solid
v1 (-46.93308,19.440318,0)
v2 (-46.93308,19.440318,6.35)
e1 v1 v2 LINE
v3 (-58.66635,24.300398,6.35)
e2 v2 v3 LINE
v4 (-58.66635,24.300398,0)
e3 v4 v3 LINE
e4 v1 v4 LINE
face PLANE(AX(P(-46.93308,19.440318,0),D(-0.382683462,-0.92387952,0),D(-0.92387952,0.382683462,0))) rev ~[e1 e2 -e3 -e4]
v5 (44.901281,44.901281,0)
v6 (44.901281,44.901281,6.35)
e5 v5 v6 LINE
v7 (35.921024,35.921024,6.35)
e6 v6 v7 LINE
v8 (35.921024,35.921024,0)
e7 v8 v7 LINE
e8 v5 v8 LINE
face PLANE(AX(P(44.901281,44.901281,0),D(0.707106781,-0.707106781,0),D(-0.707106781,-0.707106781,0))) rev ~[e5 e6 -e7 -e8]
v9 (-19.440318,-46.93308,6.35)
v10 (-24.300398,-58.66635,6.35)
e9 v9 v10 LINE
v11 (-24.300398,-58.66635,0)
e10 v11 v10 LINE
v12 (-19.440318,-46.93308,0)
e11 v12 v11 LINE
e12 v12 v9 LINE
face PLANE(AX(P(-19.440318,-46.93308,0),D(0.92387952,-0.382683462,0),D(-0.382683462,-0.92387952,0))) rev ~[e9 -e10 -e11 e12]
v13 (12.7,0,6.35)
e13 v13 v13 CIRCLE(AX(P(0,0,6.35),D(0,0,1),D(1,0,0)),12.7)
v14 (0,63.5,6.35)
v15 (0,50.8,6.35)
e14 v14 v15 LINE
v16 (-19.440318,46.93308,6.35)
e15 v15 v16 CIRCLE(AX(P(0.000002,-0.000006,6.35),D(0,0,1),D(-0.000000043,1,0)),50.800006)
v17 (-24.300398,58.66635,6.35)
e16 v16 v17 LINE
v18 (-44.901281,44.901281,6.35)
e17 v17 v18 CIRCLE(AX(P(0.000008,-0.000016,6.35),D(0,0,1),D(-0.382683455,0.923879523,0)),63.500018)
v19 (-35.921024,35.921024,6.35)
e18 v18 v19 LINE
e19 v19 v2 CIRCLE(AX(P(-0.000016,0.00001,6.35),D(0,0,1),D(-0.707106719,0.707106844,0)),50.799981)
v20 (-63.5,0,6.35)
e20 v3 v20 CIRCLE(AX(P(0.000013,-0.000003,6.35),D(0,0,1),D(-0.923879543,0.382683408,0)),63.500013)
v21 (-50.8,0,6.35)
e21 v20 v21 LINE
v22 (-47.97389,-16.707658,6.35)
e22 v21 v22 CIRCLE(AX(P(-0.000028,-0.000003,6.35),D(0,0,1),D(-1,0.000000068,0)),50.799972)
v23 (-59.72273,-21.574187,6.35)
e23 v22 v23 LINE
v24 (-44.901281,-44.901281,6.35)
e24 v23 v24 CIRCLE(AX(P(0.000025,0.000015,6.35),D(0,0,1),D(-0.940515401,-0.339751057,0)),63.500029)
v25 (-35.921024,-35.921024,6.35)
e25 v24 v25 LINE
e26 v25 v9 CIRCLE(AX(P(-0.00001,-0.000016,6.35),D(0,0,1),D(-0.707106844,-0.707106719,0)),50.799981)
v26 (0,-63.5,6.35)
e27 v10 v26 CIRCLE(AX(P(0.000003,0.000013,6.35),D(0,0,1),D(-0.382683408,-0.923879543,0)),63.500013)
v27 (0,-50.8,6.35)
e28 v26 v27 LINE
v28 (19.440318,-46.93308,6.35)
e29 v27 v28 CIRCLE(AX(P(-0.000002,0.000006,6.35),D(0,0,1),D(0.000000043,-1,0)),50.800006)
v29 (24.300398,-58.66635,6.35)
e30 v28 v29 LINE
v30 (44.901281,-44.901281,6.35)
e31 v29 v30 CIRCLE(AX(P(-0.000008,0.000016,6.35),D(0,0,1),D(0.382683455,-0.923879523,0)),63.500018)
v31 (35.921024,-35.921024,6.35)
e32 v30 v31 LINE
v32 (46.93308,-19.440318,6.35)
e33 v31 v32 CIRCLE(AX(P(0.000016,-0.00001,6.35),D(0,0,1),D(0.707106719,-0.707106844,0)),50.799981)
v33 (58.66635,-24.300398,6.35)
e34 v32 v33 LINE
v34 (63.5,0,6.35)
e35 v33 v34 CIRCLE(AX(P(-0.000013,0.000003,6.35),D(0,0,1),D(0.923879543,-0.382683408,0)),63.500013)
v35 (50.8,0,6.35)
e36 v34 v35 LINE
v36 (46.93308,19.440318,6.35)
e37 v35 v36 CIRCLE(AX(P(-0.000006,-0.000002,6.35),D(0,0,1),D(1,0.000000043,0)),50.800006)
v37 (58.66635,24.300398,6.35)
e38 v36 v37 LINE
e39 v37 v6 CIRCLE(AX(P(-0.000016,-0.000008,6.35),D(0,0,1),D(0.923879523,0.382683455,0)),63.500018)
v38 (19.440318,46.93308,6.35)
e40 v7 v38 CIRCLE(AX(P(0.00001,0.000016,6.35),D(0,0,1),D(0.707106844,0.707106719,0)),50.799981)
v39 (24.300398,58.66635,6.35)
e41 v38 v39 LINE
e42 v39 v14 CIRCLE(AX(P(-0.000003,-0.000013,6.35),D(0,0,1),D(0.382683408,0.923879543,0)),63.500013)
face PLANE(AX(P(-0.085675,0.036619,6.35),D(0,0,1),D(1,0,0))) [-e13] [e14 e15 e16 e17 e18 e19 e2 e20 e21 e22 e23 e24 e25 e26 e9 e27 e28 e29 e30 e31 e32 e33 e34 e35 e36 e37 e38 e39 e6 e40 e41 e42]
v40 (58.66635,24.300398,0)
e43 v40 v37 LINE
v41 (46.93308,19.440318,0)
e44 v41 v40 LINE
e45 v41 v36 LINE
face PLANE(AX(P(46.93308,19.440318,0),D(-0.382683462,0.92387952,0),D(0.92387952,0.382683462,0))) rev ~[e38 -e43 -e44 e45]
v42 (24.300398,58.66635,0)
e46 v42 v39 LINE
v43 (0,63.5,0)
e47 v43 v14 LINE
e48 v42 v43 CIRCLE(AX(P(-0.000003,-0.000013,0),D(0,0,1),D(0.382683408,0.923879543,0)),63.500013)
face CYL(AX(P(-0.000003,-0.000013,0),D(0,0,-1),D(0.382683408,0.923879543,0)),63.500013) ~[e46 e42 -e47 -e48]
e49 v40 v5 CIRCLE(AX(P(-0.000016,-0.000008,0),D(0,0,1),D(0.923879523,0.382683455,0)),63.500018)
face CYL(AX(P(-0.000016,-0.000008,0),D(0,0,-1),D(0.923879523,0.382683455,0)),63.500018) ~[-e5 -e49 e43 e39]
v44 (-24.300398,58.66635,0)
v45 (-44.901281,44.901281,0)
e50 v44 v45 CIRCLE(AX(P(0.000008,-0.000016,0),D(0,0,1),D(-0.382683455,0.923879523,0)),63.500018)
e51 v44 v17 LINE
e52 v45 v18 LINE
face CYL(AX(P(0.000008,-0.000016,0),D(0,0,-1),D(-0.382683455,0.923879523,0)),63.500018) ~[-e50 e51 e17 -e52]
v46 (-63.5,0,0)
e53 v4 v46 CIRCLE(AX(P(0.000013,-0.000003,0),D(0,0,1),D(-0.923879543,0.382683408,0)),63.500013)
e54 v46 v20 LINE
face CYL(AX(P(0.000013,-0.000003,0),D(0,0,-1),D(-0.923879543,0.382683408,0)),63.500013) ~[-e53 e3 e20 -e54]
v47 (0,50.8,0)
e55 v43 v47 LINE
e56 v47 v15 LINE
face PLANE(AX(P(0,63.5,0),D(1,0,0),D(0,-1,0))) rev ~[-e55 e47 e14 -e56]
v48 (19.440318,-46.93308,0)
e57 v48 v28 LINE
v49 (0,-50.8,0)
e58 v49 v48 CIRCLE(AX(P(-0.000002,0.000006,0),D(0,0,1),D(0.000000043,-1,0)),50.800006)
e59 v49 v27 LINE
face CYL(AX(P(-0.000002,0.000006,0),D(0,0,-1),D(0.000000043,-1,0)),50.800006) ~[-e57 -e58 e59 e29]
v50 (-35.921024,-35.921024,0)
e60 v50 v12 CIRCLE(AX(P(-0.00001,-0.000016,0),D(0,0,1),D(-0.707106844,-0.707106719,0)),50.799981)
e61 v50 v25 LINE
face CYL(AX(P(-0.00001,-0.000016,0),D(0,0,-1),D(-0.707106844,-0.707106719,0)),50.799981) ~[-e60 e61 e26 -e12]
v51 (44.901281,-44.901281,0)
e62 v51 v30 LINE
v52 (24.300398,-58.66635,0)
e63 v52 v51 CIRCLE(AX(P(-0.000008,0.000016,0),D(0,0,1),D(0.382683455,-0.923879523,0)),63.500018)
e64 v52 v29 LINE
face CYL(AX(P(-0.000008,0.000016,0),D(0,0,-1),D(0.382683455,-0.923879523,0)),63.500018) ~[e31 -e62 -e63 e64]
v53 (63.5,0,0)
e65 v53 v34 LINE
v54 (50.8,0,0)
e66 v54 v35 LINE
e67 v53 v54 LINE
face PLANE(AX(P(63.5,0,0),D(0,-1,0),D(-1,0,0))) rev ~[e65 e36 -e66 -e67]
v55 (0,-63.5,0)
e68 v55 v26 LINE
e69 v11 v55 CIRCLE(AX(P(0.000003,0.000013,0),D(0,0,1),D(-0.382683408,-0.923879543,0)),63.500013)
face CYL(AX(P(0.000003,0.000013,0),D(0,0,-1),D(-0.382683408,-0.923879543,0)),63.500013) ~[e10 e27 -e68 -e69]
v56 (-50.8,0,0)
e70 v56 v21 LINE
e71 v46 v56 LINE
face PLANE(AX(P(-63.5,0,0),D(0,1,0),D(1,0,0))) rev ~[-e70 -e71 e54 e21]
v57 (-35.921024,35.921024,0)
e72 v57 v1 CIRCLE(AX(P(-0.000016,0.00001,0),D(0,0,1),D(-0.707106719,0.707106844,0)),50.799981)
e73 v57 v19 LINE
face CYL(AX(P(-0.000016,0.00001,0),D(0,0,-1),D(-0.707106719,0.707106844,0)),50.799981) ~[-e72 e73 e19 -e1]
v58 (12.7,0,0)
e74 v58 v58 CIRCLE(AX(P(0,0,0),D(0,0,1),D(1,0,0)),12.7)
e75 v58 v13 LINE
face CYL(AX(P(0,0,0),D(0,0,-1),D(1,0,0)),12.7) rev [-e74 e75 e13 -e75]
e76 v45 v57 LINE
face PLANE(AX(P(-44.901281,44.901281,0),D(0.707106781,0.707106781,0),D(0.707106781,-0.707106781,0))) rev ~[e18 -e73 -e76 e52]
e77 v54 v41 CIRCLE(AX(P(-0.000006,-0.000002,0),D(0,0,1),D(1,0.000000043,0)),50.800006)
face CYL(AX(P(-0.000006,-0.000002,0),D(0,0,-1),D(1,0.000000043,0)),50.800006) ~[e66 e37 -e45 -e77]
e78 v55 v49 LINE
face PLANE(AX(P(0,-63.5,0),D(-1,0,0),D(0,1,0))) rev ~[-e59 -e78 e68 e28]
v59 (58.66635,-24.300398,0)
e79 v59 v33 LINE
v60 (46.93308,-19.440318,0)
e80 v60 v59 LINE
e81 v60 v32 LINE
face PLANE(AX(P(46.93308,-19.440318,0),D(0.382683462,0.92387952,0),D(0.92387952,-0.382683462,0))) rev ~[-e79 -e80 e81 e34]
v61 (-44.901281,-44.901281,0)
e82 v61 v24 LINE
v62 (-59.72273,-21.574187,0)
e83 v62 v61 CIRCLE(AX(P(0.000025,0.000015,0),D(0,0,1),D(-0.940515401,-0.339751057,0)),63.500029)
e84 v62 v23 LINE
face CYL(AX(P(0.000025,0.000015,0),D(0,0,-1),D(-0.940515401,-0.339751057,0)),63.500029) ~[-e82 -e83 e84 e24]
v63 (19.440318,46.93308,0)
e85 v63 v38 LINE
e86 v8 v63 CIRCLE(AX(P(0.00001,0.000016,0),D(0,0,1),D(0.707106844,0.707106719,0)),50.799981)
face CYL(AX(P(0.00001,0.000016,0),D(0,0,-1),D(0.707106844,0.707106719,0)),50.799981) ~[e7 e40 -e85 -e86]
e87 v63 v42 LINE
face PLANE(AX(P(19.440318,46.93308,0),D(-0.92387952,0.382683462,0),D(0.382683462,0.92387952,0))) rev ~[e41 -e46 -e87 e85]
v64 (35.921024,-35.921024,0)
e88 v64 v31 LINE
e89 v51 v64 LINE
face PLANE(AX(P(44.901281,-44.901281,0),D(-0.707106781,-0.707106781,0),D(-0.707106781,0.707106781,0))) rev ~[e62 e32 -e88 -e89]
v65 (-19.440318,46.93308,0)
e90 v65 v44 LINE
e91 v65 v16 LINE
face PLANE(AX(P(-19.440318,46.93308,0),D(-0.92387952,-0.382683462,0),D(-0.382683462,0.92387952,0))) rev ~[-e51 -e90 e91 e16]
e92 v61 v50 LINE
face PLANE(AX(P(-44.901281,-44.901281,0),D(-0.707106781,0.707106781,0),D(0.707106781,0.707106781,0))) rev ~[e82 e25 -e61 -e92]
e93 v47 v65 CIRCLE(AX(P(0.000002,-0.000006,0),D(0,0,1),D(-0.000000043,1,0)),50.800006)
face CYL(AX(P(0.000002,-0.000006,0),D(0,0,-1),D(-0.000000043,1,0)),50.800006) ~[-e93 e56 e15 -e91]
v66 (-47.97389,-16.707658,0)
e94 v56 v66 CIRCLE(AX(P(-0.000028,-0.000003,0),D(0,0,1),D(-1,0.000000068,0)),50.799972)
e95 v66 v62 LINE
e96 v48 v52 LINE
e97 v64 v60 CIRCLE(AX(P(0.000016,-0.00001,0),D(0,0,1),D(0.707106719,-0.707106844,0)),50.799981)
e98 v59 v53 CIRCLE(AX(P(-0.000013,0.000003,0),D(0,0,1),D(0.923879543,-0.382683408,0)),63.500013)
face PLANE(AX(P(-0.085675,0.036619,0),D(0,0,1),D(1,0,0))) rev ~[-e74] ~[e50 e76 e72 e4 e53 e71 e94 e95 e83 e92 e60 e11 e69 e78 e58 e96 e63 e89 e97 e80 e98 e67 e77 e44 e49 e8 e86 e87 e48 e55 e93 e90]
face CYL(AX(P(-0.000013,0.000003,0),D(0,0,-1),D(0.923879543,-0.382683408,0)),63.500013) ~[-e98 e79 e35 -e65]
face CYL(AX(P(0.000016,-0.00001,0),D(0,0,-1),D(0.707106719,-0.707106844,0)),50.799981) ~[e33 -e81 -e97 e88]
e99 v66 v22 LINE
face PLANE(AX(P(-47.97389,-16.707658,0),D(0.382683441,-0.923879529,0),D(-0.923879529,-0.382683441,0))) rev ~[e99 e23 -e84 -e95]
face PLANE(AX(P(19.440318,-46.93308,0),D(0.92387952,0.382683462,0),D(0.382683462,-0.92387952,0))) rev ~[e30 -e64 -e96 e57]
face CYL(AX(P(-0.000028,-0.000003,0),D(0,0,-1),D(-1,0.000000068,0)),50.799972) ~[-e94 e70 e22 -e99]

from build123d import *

# Parameters (mm, degrees)
F0_R     = 12.7
F1_DEPTH = 6.35


with BuildPart() as f1:
    # F0 (on Top) → F1 (new body)
    with BuildSketch(Plane.XY):
        with BuildLine():
            Line((-46.93308, 19.440318), (-58.66635, 24.300398))
            ThreePointArc((-58.66635, 24.300398), (-62.279865, 12.388235), (-63.5, 0))
            Line((-63.5, 0), (-50.8, 0))
            ThreePointArc((-50.8, 0), (-50.08849, -8.472496), (-47.97389, -16.707658))
            Line((-47.97389, -16.707658), (-59.72273, -21.574187))
            ThreePointArc((-59.72273, -21.574187), (-53.596494, -34.053866), (-44.901281, -44.901281))
            Line((-44.901281, -44.901281), (-35.921024, -35.921024))
            ThreePointArc((-35.921024, -35.921024), (-28.222968, -42.238656), (-19.440318, -46.93308))
            Line((-19.440318, -46.93308), (-24.300398, -58.66635))
            ThreePointArc((-24.300398, -58.66635), (-12.388235, -62.279865), (0, -63.5))
            Line((0, -63.5), (0, -50.8))
            ThreePointArc((0, -50.8), (9.910588, -49.823892), (19.440318, -46.93308))
            Line((19.440318, -46.93308), (24.300398, -58.66635))
            ThreePointArc((24.300398, -58.66635), (35.27871, -52.79832), (44.901281, -44.901281))
            Line((44.901281, -44.901281), (35.921024, -35.921024))
            ThreePointArc((35.921024, -35.921024), (42.238656, -28.222968), (46.93308, -19.440318))
            Line((46.93308, -19.440318), (58.66635, -24.300398))
            ThreePointArc((58.66635, -24.300398), (62.279865, -12.388235), (63.5, 0))
            Line((63.5, 0), (50.8, 0))
            ThreePointArc((50.8, 0), (49.823892, 9.910588), (46.93308, 19.440318))
            Line((46.93308, 19.440318), (58.66635, 24.300398))
            ThreePointArc((58.66635, 24.300398), (52.79832, 35.27871), (44.901281, 44.901281))
            Line((44.901281, 44.901281), (35.921024, 35.921024))
            ThreePointArc((35.921024, 35.921024), (28.222968, 42.238656), (19.440318, 46.93308))
            Line((19.440318, 46.93308), (24.300398, 58.66635))
            ThreePointArc((24.300398, 58.66635), (12.388235, 62.279865), (0, 63.5))
            Line((0, 63.5), (0, 50.8))
            ThreePointArc((0, 50.8), (-9.910588, 49.823892), (-19.440318, 46.93308))
            Line((-19.440318, 46.93308), (-24.300398, 58.66635))
            ThreePointArc((-24.300398, 58.66635), (-35.27871, 52.79832), (-44.901281, 44.901281))
            Line((-44.901281, 44.901281), (-35.921024, 35.921024))
            ThreePointArc((-35.921024, 35.921024), (-42.238656, 28.222968), (-46.93308, 19.440318))
        make_face()
        Circle(F0_R, mode=Mode.SUBTRACT)
    extrude(amount=F1_DEPTH)


solid = f1.part
